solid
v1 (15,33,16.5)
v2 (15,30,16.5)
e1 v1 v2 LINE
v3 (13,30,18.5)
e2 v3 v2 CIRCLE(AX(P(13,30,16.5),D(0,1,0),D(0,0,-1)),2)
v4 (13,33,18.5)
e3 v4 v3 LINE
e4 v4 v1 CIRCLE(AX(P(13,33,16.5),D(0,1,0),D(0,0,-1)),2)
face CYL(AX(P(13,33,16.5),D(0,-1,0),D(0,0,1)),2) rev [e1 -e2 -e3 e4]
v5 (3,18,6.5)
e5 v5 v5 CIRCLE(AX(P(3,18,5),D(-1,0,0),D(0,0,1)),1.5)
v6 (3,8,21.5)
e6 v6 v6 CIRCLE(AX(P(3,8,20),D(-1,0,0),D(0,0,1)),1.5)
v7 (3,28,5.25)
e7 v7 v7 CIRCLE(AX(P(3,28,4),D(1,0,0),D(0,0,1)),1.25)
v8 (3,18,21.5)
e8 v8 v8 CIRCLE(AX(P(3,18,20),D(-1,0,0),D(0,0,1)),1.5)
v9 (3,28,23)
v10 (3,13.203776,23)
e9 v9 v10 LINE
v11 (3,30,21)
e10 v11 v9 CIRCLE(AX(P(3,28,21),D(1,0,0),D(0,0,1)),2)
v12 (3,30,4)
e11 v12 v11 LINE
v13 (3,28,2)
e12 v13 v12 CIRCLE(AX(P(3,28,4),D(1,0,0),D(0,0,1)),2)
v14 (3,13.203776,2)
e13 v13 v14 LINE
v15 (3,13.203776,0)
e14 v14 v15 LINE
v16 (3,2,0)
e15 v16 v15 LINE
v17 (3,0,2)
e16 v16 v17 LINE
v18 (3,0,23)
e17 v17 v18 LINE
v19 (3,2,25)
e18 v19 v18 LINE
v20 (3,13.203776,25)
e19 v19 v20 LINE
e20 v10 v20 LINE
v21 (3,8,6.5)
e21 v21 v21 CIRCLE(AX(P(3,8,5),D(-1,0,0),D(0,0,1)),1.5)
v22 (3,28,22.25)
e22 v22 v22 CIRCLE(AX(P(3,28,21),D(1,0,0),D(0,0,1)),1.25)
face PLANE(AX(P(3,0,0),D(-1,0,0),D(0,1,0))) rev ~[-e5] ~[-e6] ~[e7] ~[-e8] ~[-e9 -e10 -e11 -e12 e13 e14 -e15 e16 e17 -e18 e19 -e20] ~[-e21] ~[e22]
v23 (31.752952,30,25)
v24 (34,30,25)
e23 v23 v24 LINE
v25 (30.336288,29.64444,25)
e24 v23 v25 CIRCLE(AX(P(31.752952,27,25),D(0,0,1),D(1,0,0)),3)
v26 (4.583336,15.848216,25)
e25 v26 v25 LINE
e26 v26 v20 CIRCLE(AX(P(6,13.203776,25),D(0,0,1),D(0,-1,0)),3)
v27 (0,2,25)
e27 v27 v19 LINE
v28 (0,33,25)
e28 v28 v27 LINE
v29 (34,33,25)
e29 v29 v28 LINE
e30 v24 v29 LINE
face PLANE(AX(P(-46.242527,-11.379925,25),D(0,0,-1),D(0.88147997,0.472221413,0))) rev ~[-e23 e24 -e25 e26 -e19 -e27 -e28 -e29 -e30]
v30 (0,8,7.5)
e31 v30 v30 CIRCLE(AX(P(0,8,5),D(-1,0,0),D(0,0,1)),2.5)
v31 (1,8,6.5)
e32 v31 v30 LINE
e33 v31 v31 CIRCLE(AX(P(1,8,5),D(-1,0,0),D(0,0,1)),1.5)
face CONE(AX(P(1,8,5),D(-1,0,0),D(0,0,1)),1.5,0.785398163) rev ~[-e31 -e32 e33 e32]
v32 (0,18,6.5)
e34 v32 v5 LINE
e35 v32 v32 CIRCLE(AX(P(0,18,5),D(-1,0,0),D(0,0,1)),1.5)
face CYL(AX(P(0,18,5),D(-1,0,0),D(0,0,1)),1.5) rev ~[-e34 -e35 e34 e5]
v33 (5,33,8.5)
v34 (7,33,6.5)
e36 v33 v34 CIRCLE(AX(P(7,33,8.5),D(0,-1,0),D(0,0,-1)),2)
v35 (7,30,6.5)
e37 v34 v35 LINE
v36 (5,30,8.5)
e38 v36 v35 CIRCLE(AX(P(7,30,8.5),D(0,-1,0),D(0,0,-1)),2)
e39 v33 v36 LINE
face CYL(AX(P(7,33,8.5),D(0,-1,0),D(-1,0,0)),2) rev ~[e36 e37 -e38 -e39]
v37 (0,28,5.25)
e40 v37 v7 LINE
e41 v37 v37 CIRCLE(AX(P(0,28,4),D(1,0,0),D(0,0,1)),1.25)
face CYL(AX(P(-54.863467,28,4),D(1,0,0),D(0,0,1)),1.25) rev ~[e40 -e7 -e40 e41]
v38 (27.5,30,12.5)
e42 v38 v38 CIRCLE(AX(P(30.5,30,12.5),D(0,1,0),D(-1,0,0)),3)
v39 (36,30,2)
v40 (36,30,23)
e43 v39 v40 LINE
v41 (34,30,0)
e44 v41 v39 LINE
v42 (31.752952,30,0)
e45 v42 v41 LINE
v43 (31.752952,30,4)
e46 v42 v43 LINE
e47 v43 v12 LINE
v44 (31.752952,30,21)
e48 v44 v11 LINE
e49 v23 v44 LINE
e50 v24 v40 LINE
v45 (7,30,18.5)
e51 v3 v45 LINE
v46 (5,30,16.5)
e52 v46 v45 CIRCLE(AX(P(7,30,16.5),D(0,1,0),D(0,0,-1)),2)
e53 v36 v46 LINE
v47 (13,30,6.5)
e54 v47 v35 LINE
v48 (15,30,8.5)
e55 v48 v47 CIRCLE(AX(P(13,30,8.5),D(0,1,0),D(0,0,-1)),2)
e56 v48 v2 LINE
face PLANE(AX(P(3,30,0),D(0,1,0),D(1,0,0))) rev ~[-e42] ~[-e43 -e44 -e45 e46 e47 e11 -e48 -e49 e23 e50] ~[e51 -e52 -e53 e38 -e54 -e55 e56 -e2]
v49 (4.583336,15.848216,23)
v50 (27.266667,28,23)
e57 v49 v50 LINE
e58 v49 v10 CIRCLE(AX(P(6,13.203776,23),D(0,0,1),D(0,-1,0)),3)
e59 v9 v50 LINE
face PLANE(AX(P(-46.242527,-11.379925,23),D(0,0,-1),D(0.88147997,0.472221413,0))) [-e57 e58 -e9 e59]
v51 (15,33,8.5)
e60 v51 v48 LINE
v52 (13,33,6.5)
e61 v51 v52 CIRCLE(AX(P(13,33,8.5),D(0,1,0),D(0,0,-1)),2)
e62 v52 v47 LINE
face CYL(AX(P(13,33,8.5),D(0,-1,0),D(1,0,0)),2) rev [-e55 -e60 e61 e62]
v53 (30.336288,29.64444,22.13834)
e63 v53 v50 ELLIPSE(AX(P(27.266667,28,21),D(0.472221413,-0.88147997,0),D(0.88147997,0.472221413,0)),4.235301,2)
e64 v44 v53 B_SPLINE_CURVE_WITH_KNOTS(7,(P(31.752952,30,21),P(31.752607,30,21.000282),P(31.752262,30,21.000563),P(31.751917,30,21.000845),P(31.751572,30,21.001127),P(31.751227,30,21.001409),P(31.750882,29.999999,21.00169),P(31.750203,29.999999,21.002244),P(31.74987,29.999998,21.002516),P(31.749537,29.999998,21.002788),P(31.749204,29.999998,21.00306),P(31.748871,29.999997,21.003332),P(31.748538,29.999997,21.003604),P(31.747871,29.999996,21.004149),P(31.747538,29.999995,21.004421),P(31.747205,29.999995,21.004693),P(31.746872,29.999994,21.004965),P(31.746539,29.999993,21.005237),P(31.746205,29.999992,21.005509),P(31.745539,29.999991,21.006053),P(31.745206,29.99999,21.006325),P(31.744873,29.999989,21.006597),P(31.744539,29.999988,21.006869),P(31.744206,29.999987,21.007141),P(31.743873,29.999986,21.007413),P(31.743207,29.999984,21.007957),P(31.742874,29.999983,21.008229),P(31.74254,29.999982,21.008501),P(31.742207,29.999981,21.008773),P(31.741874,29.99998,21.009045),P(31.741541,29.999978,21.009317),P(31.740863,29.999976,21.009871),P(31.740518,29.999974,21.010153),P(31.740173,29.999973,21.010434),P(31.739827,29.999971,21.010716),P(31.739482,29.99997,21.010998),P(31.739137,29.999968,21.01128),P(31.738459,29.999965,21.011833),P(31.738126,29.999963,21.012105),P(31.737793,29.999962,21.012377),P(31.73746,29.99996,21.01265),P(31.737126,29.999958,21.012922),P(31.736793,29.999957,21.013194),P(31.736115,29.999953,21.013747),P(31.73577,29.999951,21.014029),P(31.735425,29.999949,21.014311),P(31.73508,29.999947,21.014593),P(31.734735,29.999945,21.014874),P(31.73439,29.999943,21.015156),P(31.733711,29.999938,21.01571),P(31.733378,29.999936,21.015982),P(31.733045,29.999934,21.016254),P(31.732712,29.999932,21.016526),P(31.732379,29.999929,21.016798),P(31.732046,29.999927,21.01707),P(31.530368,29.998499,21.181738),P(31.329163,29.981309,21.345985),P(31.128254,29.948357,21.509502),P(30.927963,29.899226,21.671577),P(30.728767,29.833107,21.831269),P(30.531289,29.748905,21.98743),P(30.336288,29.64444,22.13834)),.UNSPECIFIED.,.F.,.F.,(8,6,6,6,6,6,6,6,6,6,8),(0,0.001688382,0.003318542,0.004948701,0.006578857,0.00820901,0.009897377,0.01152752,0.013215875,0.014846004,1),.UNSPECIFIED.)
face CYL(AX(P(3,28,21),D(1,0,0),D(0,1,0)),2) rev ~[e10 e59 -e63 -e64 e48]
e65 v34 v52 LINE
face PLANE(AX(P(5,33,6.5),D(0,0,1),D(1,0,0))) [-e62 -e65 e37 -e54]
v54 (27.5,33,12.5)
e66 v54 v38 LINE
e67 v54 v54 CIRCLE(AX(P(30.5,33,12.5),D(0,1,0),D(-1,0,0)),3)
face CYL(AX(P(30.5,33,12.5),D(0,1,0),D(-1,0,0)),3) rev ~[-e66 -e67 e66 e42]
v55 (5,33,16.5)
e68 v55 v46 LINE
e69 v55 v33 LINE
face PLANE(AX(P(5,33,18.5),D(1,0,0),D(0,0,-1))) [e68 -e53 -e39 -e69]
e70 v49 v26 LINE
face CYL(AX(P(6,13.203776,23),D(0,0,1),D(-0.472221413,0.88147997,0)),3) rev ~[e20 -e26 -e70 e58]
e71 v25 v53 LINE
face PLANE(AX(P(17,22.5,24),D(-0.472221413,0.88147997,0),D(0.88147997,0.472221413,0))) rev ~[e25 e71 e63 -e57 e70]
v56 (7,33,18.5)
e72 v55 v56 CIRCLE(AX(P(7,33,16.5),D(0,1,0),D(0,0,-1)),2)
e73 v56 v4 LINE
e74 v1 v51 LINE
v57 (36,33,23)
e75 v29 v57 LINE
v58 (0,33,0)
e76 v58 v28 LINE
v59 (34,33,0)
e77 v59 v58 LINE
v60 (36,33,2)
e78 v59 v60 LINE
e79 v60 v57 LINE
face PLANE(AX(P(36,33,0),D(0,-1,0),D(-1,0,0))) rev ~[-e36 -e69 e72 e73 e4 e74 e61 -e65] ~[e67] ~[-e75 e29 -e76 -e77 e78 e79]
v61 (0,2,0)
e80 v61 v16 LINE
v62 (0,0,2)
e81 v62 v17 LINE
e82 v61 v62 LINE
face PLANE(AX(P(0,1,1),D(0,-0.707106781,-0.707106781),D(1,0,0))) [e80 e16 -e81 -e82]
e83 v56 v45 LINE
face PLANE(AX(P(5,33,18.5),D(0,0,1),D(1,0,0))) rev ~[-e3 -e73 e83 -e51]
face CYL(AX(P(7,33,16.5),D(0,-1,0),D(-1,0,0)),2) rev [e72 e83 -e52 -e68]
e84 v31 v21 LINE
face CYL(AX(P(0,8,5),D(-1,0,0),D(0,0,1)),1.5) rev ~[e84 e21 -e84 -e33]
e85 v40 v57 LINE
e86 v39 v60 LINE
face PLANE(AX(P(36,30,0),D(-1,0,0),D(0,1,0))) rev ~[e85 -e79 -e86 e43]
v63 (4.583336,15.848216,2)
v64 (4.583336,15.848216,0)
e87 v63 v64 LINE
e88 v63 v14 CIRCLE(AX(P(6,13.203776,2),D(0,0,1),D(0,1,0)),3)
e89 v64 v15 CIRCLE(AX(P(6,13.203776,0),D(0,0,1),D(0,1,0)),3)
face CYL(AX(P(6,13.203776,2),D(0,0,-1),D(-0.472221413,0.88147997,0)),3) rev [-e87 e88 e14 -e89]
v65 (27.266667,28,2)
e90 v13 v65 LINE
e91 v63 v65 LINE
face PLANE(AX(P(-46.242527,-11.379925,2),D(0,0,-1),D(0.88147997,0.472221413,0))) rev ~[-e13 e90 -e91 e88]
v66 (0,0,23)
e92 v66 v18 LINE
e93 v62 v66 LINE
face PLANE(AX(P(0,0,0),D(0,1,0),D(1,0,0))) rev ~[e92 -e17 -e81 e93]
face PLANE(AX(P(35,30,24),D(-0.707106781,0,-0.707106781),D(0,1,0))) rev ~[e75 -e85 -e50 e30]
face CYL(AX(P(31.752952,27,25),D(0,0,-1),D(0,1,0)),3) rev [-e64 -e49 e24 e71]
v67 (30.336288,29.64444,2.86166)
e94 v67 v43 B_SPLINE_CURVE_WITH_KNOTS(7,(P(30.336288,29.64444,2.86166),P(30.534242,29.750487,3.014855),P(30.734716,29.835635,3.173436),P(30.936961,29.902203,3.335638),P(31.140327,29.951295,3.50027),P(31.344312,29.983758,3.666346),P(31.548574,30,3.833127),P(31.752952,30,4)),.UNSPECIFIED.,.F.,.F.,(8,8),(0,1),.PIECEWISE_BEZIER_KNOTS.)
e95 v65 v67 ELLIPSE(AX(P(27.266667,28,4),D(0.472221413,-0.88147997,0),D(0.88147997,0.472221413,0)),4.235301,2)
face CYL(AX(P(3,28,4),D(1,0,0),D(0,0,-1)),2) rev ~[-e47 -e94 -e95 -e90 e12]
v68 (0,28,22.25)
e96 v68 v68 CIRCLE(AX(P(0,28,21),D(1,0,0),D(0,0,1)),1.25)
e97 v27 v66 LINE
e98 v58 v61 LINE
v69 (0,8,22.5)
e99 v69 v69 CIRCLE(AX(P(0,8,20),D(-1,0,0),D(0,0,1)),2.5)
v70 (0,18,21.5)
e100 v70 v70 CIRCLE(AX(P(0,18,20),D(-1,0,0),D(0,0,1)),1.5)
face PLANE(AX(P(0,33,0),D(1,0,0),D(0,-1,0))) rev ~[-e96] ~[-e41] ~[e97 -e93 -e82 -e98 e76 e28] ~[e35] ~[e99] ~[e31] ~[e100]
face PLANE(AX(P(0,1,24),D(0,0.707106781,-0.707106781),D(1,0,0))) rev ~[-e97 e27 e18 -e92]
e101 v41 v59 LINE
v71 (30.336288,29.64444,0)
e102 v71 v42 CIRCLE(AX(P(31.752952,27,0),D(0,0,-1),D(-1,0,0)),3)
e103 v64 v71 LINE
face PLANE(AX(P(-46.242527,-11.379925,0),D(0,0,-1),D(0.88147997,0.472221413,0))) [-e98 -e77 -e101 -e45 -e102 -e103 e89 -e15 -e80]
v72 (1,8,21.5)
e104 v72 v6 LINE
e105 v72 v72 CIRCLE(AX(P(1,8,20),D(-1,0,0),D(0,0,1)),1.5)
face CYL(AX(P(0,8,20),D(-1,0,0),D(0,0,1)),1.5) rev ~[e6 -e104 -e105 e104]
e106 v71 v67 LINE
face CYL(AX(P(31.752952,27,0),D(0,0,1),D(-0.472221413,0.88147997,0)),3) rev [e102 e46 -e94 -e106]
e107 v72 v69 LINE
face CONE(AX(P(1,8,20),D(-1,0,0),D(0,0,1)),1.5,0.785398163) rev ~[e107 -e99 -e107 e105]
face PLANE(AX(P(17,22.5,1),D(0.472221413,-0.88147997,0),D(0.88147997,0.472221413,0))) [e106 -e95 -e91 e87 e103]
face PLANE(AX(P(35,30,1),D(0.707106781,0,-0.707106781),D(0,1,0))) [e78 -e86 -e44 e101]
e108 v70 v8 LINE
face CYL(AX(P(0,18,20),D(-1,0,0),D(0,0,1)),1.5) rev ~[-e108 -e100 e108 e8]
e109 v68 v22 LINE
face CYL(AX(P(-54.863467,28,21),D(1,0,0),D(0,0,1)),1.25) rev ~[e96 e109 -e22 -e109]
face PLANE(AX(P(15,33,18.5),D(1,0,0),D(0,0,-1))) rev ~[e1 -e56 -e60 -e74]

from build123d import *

# Parameters (mm, degrees)
EXTRUDE_1_DEPTH     = 25
SKETCH_2_R          = 1.5
CUT_EXTRUDE_1_DEPTH = 55.863466897
HOLE_WIZARD_M3_1_D  = 2.5
CHAMFER_1_SIZE      = 1
SKETCH_5_R          = 3
CUT_EXTRUDE_2_DEPTH = 25
CUT_EXTRUDE_3_REACH = 56.863
SKETCH_6_W          = 10
SKETCH_6_H          = 12
FILLET_1_R          = 2
CHAMFER_2_SIZE      = 2
RIB_2_REACH         = 56.863
SKETCH_7_WALL_W     = 143.491694144
SKETCH_7_WALL_H     = 2
RIB_3_REACH         = 56.863
SKETCH_8_WALL_W     = 143.491694144
SKETCH_8_WALL_H     = 2
FILLET_2_R          = 2
FILLET_3_R          = 3


with BuildPart() as part:
    # 草图1 → 凸台-拉伸1 (new body)
    with BuildSketch(Plane.XY):
        Polygon((3, 30), (36, 30), (36, 33), (0, 33), (0, 0), (3, 0), align=None)
    extrude(amount=EXTRUDE_1_DEPTH)

    # 草图2 → 切除-拉伸1 (cut, through all)
    with BuildSketch(Plane.ZY):
        with Locations((5, 18)):
            Circle(SKETCH_2_R)
        with Locations((20, 18)):
            Circle(SKETCH_2_R)
        with Locations((20, 8)):
            Circle(SKETCH_2_R)
        with Locations((5, 8)):
            Circle(SKETCH_2_R)
    extrude(amount=-CUT_EXTRUDE_1_DEPTH, mode=Mode.SUBTRACT)

    # M3 螺纹孔1 (through all)
    with Locations(Plane(origin=(0, 28, 4), x_dir=(0, 0, -1), z_dir=(-1, 0, 0))):
        with Locations((0, 0), (-17, 0)):
            Hole(HOLE_WIZARD_M3_1_D / 2)

    # 倒角1
    chamfer_1_edges = [part.edges().sort_by_distance(p)[0] for p in [
        (0, 8, 18.5),
        (0, 8, 3.5),
    ]]
    chamfer(chamfer_1_edges, length=CHAMFER_1_SIZE)

    # 草图5 → 切除-拉伸2 (cut)
    with BuildSketch(Plane(origin=(0, 33, 0), x_dir=(1, 0, 0), z_dir=(0, 1, 0))):
        with Locations(Location((30.5, -12.5, 0), (0, 0, 180))):
            Circle(SKETCH_5_R)
    extrude(amount=-CUT_EXTRUDE_2_DEPTH, mode=Mode.SUBTRACT)

    # 草图6 → 切除-拉伸3 (cut, up to next)
    with BuildSketch(Plane(origin=(0, 33, 0), x_dir=(1, 0, 0), z_dir=(0, 1, 0)), mode=Mode.PRIVATE) as cut_extrude_3_sk1:
        with Locations((10, -12.5)):
            Rectangle(SKETCH_6_W, SKETCH_6_H)
    cut_extrude_3_tool1 = extrude(cut_extrude_3_sk1.sketch, amount=-CUT_EXTRUDE_3_REACH, mode=Mode.PRIVATE) & part.part
    add(cut_extrude_3_tool1.solids().sort_by_distance((10, 33, 12.5))[0], mode=Mode.SUBTRACT)

    # 圆角1
    fillet_1_edges = [part.edges().sort_by_distance(p)[0] for p in [
        (15, 31.5, 6.5),
        (15, 31.5, 18.5),
        (5, 31.5, 18.5),
        (5, 31.5, 6.5),
    ]]
    fillet(fillet_1_edges, radius=FILLET_1_R)

    # 倒角2
    chamfer_2_edges = [part.edges().sort_by_distance(p)[0] for p in [
        (36, 31.5, 25),
        (36, 31.5, 0),
        (1.5, 0, 25),
        (1.5, 0, 0),
    ]]
    chamfer(chamfer_2_edges, length=CHAMFER_2_SIZE)

    # 草图7 wall → 筋2 (add, up to next)
    with BuildSketch(Plane(origin=(17, 22.5, 25), x_dir=(0.881479970029, 0.472221412515, 0), z_dir=(-0.472221412515, 0.881479970029, 0)), mode=Mode.PRIVATE) as rib_2_sk1:
        with Locations((0, 1)):
            Rectangle(SKETCH_7_WALL_W, SKETCH_7_WALL_H)
    rib_2_tool1 = extrude(rib_2_sk1.sketch, amount=RIB_2_REACH, mode=Mode.PRIVATE) - part.part
    add(rib_2_tool1.solids().sort_by_distance((17, 22.5, 25))[0])

    # 草图8 wall → 筋3 (add, up to next)
    with BuildSketch(Plane(origin=(17, 22.5, 0), x_dir=(0.881479970029, 0.472221412515, 0), z_dir=(0.472221412515, -0.881479970029, 0)), mode=Mode.PRIVATE) as rib_3_sk1:
        with Locations((0, 1)):
            Rectangle(SKETCH_8_WALL_W, SKETCH_8_WALL_H)
    rib_3_tool1 = extrude(rib_3_sk1.sketch, amount=-RIB_3_REACH, mode=Mode.PRIVATE) - part.part
    add(rib_3_tool1.solids().sort_by_distance((17, 22.5, 0))[0])

    # 圆角2
    fillet_2_edges = [part.edges().sort_by_distance(p)[0] for p in [
        (17, 30, 23),
        (17, 30, 2),
    ]]
    fillet(fillet_2_edges, radius=FILLET_2_R)

    # 圆角3
    fillet_3_edges = [part.edges().sort_by_distance(p)[0] for p in [
        (31, 30, 2),
        (31, 30, 23),
        (3, 15, 24),
        (3, 15, 1),
    ]]
    fillet(fillet_3_edges, radius=FILLET_3_R)


solid = part.part
